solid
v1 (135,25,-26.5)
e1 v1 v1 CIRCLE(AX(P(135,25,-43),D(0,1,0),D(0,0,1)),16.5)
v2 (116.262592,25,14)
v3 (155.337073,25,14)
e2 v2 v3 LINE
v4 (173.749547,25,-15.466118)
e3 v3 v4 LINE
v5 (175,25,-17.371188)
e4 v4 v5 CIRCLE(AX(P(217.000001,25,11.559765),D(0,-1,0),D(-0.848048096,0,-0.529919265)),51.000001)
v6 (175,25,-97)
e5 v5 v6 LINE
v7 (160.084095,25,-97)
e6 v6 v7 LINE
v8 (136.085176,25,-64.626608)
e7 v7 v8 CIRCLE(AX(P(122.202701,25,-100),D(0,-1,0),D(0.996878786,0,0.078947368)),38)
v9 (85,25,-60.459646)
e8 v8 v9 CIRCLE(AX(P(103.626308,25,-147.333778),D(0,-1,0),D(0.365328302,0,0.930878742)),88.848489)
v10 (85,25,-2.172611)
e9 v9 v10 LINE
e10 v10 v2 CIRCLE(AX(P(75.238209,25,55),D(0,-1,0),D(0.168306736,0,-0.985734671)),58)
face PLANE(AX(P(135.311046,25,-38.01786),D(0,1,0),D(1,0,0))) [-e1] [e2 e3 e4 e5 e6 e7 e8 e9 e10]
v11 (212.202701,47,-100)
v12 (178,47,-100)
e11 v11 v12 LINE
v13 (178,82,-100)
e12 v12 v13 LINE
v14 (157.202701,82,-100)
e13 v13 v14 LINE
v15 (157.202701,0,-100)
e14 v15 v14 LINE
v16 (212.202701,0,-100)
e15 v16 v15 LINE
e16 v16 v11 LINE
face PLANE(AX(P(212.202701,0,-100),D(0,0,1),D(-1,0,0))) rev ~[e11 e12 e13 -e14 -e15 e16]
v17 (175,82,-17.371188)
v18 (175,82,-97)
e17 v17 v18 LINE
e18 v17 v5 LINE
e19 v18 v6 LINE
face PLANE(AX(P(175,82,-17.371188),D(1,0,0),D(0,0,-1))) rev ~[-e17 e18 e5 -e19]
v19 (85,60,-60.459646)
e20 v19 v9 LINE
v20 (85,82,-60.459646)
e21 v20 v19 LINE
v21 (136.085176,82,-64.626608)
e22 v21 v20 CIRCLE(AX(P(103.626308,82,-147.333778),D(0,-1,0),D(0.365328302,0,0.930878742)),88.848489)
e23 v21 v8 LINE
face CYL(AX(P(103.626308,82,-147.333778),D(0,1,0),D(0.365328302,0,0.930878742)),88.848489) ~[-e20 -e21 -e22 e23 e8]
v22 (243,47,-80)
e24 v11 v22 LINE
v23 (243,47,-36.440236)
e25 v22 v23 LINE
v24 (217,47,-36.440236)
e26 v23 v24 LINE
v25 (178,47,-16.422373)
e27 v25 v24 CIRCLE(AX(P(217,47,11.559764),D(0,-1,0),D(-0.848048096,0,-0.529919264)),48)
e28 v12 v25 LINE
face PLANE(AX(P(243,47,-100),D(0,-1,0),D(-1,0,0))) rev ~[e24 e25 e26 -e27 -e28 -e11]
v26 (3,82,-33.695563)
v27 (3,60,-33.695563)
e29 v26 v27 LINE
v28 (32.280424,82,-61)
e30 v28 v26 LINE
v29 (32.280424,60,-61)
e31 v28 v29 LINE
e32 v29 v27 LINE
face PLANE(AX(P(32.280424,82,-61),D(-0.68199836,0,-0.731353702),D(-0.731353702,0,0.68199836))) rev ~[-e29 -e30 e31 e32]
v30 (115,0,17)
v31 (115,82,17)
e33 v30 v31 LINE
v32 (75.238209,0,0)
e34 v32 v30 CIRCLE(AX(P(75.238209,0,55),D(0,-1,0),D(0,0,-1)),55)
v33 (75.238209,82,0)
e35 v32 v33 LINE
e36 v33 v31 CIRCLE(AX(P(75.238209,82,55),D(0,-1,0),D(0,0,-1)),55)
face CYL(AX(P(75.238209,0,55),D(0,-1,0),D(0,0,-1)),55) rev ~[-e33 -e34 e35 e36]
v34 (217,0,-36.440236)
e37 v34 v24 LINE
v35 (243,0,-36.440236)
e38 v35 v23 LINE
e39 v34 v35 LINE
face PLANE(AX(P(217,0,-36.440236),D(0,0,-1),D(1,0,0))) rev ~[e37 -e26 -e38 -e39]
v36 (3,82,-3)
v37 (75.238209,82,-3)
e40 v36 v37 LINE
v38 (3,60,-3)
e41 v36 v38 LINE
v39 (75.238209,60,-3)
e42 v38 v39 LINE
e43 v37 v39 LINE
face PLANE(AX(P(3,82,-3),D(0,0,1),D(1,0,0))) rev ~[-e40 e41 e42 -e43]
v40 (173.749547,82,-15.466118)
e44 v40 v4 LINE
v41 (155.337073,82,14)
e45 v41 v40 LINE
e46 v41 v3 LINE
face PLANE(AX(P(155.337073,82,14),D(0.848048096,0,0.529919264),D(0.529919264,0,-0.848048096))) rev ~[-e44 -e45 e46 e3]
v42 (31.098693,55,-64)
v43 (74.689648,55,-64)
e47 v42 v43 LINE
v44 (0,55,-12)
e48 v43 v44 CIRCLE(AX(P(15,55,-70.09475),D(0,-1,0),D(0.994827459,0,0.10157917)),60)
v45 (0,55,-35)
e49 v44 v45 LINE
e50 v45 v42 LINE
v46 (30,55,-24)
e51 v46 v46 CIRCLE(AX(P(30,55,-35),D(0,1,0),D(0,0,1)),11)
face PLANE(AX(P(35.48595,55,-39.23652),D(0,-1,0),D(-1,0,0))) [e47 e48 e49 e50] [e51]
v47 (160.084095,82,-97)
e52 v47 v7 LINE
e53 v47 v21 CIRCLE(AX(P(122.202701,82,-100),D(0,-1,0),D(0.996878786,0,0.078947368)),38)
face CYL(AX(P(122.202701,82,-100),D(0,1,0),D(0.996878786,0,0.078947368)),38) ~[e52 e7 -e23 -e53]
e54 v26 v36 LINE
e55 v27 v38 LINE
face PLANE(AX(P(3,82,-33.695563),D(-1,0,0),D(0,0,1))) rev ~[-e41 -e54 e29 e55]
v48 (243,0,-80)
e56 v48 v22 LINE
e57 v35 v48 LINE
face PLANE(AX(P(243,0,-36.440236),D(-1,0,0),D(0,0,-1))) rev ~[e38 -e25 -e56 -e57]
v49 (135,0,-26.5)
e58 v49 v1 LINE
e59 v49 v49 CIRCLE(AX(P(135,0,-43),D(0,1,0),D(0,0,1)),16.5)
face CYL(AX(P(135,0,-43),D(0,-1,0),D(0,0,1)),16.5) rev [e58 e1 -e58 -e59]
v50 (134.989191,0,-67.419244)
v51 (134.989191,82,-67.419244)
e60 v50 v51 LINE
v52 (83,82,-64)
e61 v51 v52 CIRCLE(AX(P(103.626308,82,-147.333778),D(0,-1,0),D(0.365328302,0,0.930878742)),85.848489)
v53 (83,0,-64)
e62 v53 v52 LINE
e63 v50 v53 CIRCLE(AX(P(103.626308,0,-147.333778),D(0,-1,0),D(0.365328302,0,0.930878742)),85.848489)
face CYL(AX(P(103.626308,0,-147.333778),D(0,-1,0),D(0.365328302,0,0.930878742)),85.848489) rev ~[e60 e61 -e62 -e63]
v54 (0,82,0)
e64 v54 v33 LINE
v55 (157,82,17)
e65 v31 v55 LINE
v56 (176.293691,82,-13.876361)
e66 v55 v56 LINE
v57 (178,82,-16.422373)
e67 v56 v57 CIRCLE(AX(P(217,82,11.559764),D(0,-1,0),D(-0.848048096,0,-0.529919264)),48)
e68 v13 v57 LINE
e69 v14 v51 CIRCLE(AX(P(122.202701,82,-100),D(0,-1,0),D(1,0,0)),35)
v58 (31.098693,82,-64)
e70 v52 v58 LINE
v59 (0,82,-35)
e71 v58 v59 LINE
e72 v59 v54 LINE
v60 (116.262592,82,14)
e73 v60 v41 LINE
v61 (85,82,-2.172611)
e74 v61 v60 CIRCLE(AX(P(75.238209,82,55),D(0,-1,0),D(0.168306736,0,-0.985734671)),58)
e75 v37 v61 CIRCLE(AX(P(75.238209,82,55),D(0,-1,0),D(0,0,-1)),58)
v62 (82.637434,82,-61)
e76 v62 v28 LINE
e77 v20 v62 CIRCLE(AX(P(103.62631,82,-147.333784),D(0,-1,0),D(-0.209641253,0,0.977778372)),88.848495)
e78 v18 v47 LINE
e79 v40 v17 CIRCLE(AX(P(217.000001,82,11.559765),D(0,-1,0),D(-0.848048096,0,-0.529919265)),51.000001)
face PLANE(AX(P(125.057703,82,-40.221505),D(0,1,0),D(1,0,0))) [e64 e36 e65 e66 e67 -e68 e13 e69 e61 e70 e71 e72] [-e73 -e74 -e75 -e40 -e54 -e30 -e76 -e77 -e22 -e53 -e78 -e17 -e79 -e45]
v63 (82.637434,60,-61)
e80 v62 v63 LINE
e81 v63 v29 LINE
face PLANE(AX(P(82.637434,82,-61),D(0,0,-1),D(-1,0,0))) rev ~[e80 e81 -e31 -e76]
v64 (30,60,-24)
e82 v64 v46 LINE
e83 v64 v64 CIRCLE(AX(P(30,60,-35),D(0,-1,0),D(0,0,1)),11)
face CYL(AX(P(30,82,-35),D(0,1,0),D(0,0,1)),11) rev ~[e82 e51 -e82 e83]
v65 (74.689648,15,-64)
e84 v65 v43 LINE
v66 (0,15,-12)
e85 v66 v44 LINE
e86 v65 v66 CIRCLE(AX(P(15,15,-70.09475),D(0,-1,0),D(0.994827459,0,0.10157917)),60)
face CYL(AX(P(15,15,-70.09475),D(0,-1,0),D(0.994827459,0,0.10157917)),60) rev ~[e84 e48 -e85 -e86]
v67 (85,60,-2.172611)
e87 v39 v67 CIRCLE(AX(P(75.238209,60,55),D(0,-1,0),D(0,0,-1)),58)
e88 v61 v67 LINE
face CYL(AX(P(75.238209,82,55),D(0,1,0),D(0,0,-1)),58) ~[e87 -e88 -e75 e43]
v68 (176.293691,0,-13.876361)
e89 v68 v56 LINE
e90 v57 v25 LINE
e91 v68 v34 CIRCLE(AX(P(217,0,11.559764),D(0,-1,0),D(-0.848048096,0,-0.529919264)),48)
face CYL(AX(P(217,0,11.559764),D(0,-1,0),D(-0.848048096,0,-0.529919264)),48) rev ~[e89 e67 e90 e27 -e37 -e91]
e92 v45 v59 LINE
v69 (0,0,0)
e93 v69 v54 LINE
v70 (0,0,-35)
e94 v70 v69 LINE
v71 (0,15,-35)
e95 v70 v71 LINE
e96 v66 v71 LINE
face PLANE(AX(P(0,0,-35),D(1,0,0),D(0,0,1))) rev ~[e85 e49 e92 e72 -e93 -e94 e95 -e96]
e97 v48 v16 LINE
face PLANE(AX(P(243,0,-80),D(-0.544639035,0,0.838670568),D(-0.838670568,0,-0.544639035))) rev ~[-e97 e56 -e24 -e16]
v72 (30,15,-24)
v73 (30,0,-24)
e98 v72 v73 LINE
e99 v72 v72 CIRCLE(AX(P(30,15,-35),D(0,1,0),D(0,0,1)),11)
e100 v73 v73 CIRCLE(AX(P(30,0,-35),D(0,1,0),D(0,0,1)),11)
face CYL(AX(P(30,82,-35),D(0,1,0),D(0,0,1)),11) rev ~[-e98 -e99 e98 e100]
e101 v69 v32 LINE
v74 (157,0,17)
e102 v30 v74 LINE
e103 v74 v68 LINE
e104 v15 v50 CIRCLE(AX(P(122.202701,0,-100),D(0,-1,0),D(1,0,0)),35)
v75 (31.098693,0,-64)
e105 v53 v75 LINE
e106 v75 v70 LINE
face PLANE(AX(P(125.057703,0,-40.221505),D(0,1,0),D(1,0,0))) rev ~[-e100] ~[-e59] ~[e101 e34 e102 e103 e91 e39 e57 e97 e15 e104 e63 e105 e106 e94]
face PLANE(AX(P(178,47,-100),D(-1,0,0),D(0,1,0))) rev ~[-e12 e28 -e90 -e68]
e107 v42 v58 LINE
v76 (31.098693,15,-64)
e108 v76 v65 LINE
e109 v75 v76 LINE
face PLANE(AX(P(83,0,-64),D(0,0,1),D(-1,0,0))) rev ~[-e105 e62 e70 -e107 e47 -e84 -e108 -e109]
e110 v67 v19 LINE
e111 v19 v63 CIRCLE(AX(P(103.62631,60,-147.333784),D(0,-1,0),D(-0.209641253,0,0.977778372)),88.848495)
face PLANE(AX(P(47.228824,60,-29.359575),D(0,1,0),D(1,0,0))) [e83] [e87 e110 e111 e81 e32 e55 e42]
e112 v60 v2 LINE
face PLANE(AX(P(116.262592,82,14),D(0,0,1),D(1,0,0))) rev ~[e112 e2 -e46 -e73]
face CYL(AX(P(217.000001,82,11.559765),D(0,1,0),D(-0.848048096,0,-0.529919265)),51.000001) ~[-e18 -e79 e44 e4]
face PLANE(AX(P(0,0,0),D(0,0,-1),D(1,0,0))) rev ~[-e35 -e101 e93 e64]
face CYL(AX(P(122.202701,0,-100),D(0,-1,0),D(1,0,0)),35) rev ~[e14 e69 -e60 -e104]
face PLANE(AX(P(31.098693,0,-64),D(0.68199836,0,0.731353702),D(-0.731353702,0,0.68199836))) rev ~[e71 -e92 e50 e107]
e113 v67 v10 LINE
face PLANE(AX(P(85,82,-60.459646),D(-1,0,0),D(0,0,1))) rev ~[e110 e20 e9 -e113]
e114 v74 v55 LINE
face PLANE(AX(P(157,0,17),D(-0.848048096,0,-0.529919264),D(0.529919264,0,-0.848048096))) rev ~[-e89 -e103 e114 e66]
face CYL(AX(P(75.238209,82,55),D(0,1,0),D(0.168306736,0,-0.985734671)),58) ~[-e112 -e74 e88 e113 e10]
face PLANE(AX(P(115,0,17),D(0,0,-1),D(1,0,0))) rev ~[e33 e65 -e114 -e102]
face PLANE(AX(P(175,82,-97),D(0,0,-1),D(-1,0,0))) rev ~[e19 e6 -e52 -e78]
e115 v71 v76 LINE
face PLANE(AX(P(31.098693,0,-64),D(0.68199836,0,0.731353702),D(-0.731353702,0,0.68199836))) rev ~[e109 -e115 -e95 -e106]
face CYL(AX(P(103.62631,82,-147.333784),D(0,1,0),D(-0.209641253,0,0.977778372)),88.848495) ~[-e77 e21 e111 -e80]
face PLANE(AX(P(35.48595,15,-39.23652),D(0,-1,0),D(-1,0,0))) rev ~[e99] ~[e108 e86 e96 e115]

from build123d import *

# Parameters (mm, degrees)
SKETCH1_R           = 16.5
BOSS_EXTRUDE1_DEPTH = 82
SKETCH2_R           = 11
CUT_EXTRUDE1_DEPTH  = 276.268959383
SKETCH5_W           = 65
SKETCH5_H           = 35
CUT_EXTRUDE2_DEPTH  = 282.890049487
CUT_EXTRUDE3_DEPTH  = 40
SKETCH9_R           = 11
CUT_EXTRUDE4_DEPTH  = 22
SKETCH10_R          = 16.5
CUT_EXTRUDE5_DEPTH  = 57


with BuildPart() as part:
    # Sketch1 → Boss-Extrude1 (new body)
    with BuildSketch(Plane(origin=(0, 0, 0), x_dir=(1, 0, 0), z_dir=(0, 1, 0))):
        with BuildLine():
            Line((212.202700724, 100), (157.202700724, 100))
            ThreePointArc((157.202700724, 100), (151.120923095, 80.283600356), (134.9891913, 67.419244043))
            ThreePointArc((134.9891913, 67.419244043), (109.260251558, 61.670356138), (83, 64))
            Line((83, 64), (31.098692591, 64))
            Line((31.098692591, 64), (0, 35))
            Line((0, 35), (0, 0))
            Line((0, 0), (75.238209296, 0))
            ThreePointArc((75.238209296, 0), (96.859957606, -4.428268766), (115, -17))
            Line((115, -17), (157, -17))
            Line((157, -17), (176.293691384, 13.876360515))
            ThreePointArc((176.293691384, 13.876360515), (193.729138228, 30.421981775), (217, 36.440235832))
            Line((217, 36.440235832), (243, 36.440235832))
            Line((243, 36.440235832), (243, 80))
            Line((243, 80), (212.202700724, 100))
        make_face()
        with Locations(Location((135, 43, 0), (0, 0, 270))):
            Circle(SKETCH1_R, mode=Mode.SUBTRACT)
    extrude(amount=BOSS_EXTRUDE1_DEPTH)

    # Sketch2 → Cut-Extrude1 (cut, through all)
    with BuildSketch(Plane(origin=(0, 82, 0), x_dir=(1, 0, 0), z_dir=(0, 1, 0))):
        with Locations(Location((30, 35, 0), (0, 0, 270))):
            Circle(SKETCH2_R)
    extrude(amount=-CUT_EXTRUDE1_DEPTH, mode=Mode.SUBTRACT)

    # Sketch5 → Cut-Extrude2 (cut, through all)
    with BuildSketch(Plane(origin=(0, 0, -100), x_dir=(-1, 0, 0), z_dir=(0, 0, -1))):
        with Locations((-210.5, 64.5)):
            Rectangle(SKETCH5_W, SKETCH5_H)
    extrude(amount=-CUT_EXTRUDE2_DEPTH, mode=Mode.SUBTRACT)

    # Sketch6 → Cut-Extrude3 (cut)
    with BuildSketch(Plane(origin=(0, 15, 0), x_dir=(-1, 0, 0), z_dir=(0, -1, 0))):
        with BuildLine():
            Line((0, 12), (0, 35))
            Line((0, 35), (-31.098692591, 64))
            Line((-31.098692591, 64), (-74.689647512, 64))
            ThreePointArc((-74.689647512, 64), (-49.282519579, 20.85341744), (0, 12))
        make_face()
    extrude(amount=-CUT_EXTRUDE3_DEPTH, mode=Mode.SUBTRACT)

    # Sketch9 → Cut-Extrude4 (cut)
    with BuildSketch(Plane(origin=(0, 82, 0), x_dir=(1, 0, 0), z_dir=(0, 1, 0))):
        with BuildLine():
            Line((85, 2.172610945), (85, 60.459646479))
            ThreePointArc((85, 60.459646479), (83.816874247, 60.721767227), (82.637433549, 61))
            Line((82.637433549, 61), (32.280424018, 61))
            Line((32.280424018, 61), (3, 33.695562875))
            Line((3, 33.695562875), (3, 3))
            Line((3, 3), (75.238209296, 3))
            ThreePointArc((75.238209296, 3), (80.136605217, 2.792782572), (85, 2.172610945))
        make_face()
        with Locations(Location((30, 35, 0), (0, 0, 90))):
            Circle(SKETCH9_R, mode=Mode.SUBTRACT)
    extrude(amount=-CUT_EXTRUDE4_DEPTH, mode=Mode.SUBTRACT)

    # Sketch10 → Cut-Extrude5 (cut)
    with BuildSketch(Plane(origin=(0, 82, 0), x_dir=(1, 0, 0), z_dir=(0, 1, 0))):
        with BuildLine():
            ThreePointArc((136.085176207, 64.626607818), (110.849591358, 58.779397637), (85, 60.459646479))
            Line((85, 60.459646479), (85, 2.172610945))
            ThreePointArc((85, 2.172610945), (101.887734543, -3.484926438), (116.262592289, -14))
            Line((116.262592289, -14), (155.337072846, -14))
            Line((155.337072846, -14), (173.749547096, 15.466118308))
            ThreePointArc((173.749547096, 15.466118308), (174.364131851, 16.425638226), (175, 17.371188115))
            Line((175, 17.371188115), (175, 97))
            Line((175, 97), (160.084094573, 97))
            ThreePointArc((160.084094573, 97), (152.729470491, 77.370012647), (136.085176207, 64.626607818))
        make_face()
        with Locations(Location((135, 43, 0), (0, 0, 270))):
            Circle(SKETCH10_R, mode=Mode.SUBTRACT)
    extrude(amount=-CUT_EXTRUDE5_DEPTH, mode=Mode.SUBTRACT)


solid = part.part
